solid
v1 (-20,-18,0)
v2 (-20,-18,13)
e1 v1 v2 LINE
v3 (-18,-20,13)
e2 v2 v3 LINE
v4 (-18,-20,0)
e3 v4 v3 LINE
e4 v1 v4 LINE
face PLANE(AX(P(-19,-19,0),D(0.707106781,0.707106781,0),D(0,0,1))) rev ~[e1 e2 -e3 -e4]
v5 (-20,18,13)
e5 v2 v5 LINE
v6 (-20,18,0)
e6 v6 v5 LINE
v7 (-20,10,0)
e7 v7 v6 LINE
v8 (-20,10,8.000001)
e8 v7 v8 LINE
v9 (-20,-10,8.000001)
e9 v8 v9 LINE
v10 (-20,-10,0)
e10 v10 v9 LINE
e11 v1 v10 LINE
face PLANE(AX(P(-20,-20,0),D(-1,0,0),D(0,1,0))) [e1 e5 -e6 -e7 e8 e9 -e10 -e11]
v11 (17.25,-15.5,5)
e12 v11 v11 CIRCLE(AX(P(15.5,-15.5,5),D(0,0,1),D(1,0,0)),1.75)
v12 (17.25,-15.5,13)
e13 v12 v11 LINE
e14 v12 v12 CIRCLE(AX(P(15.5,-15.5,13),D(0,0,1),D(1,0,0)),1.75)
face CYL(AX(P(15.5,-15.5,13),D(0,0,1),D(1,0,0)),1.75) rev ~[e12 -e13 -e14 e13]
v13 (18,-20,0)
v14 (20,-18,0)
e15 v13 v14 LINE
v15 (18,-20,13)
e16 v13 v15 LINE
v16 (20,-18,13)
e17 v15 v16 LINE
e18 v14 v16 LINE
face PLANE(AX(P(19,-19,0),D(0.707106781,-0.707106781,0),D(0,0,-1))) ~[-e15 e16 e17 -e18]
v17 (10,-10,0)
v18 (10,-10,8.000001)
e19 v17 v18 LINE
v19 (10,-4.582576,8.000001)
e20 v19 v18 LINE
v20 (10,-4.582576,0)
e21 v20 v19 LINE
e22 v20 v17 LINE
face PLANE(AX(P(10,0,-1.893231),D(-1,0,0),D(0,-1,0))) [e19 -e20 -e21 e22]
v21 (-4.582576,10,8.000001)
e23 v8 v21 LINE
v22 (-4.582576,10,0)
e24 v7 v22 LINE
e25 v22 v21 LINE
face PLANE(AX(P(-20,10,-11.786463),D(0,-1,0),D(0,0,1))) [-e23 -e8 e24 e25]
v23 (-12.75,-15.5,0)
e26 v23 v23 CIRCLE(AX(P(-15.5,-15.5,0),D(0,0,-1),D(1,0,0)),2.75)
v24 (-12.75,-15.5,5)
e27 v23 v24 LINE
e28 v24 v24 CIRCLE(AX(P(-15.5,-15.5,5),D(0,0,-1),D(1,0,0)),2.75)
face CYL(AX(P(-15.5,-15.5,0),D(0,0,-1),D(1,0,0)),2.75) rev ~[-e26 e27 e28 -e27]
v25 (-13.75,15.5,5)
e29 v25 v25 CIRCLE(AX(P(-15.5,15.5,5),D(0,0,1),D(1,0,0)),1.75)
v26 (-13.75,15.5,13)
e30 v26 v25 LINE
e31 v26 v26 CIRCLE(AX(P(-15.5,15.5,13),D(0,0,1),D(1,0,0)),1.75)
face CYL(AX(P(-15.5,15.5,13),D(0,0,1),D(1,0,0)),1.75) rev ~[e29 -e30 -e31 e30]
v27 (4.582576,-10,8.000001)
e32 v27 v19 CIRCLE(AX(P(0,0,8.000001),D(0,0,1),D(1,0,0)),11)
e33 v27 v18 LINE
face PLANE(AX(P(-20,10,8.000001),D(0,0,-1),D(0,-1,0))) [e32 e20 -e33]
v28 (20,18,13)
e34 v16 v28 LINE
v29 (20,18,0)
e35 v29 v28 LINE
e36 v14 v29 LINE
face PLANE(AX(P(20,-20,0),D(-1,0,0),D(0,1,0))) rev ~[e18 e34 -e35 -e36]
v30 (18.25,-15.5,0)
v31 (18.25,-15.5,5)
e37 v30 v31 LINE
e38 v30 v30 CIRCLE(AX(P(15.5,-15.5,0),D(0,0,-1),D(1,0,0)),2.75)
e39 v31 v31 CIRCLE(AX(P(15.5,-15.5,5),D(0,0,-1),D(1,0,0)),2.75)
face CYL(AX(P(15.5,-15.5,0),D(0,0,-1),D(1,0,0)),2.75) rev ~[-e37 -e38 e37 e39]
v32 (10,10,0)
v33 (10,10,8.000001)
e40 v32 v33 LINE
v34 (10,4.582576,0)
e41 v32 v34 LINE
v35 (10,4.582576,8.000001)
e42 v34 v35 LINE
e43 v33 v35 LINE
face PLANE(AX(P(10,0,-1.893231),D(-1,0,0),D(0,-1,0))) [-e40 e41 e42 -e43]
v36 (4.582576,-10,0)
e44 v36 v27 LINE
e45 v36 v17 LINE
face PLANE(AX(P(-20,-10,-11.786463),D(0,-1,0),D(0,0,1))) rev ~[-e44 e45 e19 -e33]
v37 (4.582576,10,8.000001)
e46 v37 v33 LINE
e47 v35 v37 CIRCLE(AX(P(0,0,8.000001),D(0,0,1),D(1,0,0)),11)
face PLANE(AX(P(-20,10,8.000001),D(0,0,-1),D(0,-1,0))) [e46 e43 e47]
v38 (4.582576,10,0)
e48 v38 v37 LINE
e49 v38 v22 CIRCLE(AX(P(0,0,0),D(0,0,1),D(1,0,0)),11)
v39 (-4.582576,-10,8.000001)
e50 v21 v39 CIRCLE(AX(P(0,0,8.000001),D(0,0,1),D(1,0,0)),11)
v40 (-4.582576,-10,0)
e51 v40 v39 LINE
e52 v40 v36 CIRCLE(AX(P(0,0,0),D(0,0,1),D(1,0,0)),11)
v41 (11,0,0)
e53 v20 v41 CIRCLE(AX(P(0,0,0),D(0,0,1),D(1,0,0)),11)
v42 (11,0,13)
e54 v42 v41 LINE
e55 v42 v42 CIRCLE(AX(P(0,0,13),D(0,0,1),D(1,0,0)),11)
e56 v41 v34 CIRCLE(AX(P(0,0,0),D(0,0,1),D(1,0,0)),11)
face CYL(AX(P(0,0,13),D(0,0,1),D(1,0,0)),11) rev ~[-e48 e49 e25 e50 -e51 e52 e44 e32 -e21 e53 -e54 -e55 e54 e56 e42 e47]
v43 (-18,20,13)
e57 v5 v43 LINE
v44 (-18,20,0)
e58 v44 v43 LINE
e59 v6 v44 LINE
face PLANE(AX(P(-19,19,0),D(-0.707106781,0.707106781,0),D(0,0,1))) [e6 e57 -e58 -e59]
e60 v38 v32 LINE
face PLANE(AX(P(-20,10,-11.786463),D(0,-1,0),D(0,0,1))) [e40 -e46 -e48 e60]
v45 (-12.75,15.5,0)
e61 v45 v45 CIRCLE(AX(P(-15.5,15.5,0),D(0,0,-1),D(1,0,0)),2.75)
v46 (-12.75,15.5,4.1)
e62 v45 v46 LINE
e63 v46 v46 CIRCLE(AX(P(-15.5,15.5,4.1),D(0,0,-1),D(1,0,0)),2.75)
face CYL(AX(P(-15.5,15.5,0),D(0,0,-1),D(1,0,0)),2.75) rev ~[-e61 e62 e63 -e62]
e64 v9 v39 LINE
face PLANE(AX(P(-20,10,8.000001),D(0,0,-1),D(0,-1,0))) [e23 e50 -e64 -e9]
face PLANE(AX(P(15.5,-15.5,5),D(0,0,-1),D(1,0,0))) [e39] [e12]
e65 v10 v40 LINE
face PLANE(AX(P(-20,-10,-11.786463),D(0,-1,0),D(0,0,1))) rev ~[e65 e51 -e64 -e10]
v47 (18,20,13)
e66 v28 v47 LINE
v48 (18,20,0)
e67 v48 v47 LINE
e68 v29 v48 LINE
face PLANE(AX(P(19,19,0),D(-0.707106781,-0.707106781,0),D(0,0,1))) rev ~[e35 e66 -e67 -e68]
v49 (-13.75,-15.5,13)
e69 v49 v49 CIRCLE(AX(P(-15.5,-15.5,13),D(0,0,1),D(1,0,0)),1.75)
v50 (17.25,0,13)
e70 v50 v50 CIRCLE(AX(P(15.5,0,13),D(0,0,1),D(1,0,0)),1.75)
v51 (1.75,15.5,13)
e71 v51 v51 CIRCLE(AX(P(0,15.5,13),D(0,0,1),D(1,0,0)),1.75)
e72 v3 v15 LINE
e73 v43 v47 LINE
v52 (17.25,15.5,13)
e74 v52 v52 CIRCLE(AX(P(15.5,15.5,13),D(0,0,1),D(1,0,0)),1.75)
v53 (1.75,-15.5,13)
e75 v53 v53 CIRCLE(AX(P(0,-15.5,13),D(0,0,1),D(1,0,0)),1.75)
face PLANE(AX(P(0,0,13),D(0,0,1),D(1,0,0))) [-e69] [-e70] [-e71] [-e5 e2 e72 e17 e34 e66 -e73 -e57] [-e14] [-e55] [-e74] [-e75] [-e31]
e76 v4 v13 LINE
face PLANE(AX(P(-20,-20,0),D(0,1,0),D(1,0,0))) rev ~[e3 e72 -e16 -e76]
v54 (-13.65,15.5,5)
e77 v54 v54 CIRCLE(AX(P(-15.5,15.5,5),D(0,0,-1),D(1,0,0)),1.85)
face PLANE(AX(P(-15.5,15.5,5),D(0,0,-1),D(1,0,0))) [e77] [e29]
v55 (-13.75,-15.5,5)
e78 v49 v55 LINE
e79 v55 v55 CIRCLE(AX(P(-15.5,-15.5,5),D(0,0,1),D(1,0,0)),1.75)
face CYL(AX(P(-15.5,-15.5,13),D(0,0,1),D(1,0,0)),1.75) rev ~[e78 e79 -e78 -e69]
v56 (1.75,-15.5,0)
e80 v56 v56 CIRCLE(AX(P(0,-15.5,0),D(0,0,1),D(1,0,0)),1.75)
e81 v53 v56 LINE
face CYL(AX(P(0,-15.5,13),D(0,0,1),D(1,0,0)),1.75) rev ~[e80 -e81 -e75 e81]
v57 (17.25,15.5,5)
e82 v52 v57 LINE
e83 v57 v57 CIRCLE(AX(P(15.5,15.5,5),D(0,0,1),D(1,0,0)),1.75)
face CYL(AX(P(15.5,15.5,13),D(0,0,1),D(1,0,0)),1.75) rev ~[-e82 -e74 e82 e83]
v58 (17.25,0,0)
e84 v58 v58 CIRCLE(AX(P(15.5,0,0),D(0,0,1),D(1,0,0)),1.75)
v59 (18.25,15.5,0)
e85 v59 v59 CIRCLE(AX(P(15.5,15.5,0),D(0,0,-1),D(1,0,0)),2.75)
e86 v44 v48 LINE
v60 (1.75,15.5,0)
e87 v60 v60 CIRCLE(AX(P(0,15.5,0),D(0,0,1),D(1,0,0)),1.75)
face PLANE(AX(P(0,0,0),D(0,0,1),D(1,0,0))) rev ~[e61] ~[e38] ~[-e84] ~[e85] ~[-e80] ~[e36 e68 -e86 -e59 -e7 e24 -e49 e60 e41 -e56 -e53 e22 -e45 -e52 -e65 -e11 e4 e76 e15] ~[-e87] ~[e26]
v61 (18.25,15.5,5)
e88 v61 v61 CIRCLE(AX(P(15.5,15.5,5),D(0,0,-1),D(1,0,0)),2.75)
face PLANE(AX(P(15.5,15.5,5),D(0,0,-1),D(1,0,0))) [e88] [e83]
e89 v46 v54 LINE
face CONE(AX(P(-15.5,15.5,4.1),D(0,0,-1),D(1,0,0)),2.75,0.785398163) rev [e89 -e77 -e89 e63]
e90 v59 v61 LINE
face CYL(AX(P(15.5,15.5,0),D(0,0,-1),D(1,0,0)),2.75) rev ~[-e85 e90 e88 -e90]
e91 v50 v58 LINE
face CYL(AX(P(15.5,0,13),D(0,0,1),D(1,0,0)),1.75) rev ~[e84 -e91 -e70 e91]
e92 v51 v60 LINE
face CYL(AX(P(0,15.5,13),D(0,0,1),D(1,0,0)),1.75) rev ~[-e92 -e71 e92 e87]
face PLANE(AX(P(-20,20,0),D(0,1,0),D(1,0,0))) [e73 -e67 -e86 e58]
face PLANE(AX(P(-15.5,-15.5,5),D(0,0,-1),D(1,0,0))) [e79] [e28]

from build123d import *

# Parameters (mm, degrees)
SKETCH013_W     = 40
SKETCH013_H     = 40
PAD002_DEPTH    = 13
SKETCH014_W     = 20
SKETCH014_H     = 19.786463
POCKET008_DEPTH = 30
SKETCH015_R     = 11
POCKET009_DEPTH = 13.001
SKETCH017_R     = 1.75
POCKET010_DEPTH = 13.001
SKETCH018_R     = 1.9
POCKET011_DEPTH = 5
SKETCH019_R     = 2.75
POCKET012_DEPTH = 5
CHAMFER002_SIZE = 0.9
CHAMFER005_SIZE = 2


with BuildPart() as part:
    # Sketch013 → Pad002 (new body)
    with BuildSketch(Plane.XY):
        Rectangle(SKETCH013_W, SKETCH013_H)
    extrude(amount=PAD002_DEPTH)

    # Sketch014 (on Face4 of Pad002) → Pocket008 (cut)
    with BuildSketch(Plane(origin=(-20, 0, 0), x_dir=(0, -1, 0), z_dir=(-1, 0, 0))):
        with Locations((0, -1.893231)):
            Rectangle(SKETCH014_W, SKETCH014_H)
    extrude(amount=-POCKET008_DEPTH, mode=Mode.SUBTRACT)

    # Sketch015 (on Face5 of Pocket008) → Pocket009 (cut, through all)
    with BuildSketch(Plane.XY.offset(13)):
        Circle(SKETCH015_R)
    extrude(amount=-POCKET009_DEPTH, mode=Mode.SUBTRACT)

    # Sketch017 (on Face5 of Pocket009) → Pocket010 (cut, through all)
    with BuildSketch(Plane.XY.offset(13)):
        with Locations((0, 15.5)):
            Circle(SKETCH017_R)
        with Locations((15.5, 0)):
            Circle(SKETCH017_R)
        with Locations((0, -15.5)):
            Circle(SKETCH017_R)
        with Locations((-15.5, 15.5)):
            Circle(SKETCH017_R)
        with Locations((15.5, 15.5)):
            Circle(SKETCH017_R)
        with Locations((-15.5, -15.5)):
            Circle(SKETCH017_R)
        with Locations((15.5, -15.5)):
            Circle(SKETCH017_R)
    extrude(amount=-POCKET010_DEPTH, mode=Mode.SUBTRACT)

    # Sketch018 → Pocket011 (cut)
    with BuildSketch(Plane.XY.offset(20)):
        with Locations((0, 15.5)):
            Circle(SKETCH018_R)
        with Locations((15.5, 0)):
            Circle(SKETCH018_R)
        with Locations((0, -15.5)):
            Circle(SKETCH018_R)
    extrude(amount=-POCKET011_DEPTH, mode=Mode.SUBTRACT)

    # Sketch019 → Pocket012 (cut)
    with BuildSketch(Plane(origin=(0, 0, 0), x_dir=(1, 0, 0), z_dir=(0, 0, -1))):
        with Locations((-15.5, 15.5)):
            Circle(SKETCH019_R)
        with Locations((15.5, 15.5)):
            Circle(SKETCH019_R)
        with Locations((15.5, -15.5)):
            Circle(SKETCH019_R)
        with Locations((-15.5, -15.5)):
            Circle(SKETCH019_R)
    extrude(amount=-POCKET012_DEPTH, mode=Mode.SUBTRACT)

    # Chamfer002
    chamfer002_edges = [part.edges().sort_by_distance(p)[0] for p in [
        (1.75, -15.5, 6.5),
        (-18.25, 15.5, 5),
        (18.25, 15.5, 2.5),
    ]]
    chamfer(chamfer002_edges, length=CHAMFER002_SIZE)

    # Chamfer005
    chamfer005_edges = [part.edges().sort_by_distance(p)[0] for p in [
        (-20, 20, 6.5),
        (20, 20, 6.5),
        (20, -20, 6.5),
        (-20, -20, 6.5),
    ]]
    chamfer(chamfer005_edges, length=CHAMFER005_SIZE)


solid = part.part
